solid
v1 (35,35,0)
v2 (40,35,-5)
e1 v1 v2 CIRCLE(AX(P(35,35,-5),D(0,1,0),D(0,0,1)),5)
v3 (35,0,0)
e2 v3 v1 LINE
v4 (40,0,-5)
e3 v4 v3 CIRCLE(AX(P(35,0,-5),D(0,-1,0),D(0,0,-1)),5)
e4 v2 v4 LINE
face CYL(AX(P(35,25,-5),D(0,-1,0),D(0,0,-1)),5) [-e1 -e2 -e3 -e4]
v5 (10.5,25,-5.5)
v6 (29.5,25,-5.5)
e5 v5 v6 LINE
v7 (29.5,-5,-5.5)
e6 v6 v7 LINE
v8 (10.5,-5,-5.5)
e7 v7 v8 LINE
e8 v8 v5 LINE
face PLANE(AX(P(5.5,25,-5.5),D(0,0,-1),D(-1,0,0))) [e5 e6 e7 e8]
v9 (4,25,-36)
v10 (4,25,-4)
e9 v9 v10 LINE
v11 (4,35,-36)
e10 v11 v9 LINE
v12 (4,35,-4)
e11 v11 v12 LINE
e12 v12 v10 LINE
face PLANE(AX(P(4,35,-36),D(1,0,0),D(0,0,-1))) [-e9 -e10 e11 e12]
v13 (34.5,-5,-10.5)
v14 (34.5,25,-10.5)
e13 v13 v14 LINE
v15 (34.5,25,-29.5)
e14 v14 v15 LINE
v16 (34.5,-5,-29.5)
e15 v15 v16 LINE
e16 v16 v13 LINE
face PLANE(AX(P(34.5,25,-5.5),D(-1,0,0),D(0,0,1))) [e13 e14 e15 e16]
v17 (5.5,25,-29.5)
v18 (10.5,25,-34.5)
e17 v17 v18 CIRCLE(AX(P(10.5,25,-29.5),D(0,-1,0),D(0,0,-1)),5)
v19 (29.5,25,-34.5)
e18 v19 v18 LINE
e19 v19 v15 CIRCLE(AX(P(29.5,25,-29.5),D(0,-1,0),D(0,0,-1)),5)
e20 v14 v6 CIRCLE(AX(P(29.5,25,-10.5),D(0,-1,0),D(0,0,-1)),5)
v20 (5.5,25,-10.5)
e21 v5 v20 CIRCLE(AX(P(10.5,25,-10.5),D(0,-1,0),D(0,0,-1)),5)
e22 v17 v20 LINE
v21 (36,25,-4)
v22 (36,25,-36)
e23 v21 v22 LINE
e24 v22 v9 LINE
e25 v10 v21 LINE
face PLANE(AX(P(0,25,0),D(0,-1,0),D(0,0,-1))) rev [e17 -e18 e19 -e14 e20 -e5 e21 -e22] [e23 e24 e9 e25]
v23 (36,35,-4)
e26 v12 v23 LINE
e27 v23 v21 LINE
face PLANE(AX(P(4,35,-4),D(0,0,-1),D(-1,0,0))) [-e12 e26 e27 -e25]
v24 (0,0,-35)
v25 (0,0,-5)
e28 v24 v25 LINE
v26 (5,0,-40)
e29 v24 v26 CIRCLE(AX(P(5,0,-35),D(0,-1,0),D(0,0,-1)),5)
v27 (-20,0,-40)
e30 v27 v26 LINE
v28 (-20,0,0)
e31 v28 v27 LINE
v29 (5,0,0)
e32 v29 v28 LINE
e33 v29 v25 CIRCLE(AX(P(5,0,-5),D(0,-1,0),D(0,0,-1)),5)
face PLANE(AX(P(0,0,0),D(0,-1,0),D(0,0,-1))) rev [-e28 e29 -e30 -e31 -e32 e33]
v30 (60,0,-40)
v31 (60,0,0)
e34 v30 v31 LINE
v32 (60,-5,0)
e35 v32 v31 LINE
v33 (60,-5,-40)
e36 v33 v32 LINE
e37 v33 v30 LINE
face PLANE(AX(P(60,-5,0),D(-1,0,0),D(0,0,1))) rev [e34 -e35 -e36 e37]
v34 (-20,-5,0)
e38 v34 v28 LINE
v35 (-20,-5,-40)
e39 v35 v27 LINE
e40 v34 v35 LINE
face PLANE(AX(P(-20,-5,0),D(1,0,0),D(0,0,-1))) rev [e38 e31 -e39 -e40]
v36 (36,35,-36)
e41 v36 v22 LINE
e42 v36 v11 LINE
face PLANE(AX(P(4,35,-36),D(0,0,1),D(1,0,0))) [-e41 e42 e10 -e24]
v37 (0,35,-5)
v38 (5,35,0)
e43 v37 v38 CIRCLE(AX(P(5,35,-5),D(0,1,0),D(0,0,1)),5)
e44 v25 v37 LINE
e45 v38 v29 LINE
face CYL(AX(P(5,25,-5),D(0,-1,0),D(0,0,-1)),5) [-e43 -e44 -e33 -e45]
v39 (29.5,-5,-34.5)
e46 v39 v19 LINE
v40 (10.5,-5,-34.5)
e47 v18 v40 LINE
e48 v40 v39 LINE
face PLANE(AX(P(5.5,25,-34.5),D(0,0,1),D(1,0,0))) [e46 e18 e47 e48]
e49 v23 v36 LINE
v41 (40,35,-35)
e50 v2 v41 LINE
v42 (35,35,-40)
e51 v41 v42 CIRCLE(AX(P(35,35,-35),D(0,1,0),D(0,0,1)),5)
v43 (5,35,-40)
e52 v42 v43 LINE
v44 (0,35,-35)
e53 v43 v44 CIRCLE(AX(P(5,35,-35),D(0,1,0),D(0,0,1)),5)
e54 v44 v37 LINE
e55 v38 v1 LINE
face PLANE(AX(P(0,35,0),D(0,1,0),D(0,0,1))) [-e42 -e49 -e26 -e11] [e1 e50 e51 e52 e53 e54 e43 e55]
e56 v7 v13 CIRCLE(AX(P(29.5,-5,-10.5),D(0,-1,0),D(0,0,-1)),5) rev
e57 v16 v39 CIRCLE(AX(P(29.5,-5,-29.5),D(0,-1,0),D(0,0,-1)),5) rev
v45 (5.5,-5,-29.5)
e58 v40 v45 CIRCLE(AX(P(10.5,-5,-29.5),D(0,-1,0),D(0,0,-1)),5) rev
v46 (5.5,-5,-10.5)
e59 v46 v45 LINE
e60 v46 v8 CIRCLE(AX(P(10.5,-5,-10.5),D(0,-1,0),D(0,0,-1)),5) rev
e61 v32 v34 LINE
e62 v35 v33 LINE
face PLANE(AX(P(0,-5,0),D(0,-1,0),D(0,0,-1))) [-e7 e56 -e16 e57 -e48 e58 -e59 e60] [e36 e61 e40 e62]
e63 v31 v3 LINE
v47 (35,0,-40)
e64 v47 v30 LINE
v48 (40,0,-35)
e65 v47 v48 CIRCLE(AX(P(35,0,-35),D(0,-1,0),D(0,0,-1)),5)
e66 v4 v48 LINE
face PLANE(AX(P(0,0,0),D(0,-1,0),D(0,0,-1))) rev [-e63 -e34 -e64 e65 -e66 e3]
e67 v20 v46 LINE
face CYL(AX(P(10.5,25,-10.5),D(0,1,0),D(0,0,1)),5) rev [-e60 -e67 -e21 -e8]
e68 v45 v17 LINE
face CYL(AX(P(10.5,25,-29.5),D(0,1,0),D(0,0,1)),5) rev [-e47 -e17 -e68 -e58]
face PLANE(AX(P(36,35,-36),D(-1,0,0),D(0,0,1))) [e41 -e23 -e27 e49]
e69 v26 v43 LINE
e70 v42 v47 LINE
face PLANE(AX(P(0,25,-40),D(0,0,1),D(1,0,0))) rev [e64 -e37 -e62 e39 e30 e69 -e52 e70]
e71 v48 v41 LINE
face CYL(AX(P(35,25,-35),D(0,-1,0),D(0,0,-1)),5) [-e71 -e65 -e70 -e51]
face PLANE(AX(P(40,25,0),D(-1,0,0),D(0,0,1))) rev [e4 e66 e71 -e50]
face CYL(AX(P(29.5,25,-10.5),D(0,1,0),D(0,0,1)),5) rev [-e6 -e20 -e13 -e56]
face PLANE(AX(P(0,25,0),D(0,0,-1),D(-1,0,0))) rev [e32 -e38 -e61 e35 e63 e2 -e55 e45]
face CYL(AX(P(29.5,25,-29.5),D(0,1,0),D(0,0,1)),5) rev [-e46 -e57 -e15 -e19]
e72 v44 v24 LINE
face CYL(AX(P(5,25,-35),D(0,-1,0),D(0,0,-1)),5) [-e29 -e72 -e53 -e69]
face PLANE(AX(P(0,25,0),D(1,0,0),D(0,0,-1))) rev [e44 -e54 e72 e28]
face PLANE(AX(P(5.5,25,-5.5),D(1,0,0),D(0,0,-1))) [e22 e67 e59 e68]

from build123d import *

# Parameters (mm, degrees)
SKETCH1_W           = 40
SKETCH1_H           = 40
SKETCH1_W_2         = 29
SKETCH1_H_2         = 29
BOSS_EXTRUDE1_DEPTH = 25
SKETCH2_W           = 40
SKETCH2_H           = 40
SKETCH2_W_2         = 32
SKETCH2_H_2         = 32
BOSS_EXTRUDE2_DEPTH = 10
SKETCH4_W           = 80
SKETCH4_H           = 40
SKETCH4_W_2         = 29
SKETCH4_H_2         = 29
BOSS_EXTRUDE3_DEPTH = 5
FILLET6_R           = 5


with BuildPart() as part:
    # Sketch1 → Boss-Extrude1 (new body)
    with BuildSketch(Plane(origin=(0, 0, 0), x_dir=(1, 0, 0), z_dir=(0, 1, 0))):
        with Locations((20, 20)):
            Rectangle(SKETCH1_W, SKETCH1_H)
        with Locations((20, 20)):
            Rectangle(SKETCH1_W_2, SKETCH1_H_2, mode=Mode.SUBTRACT)
    extrude(amount=BOSS_EXTRUDE1_DEPTH)

    # Sketch2 → Boss-Extrude2 (add)
    with BuildSketch(Plane(origin=(0, 25, 0), x_dir=(1, 0, 0), z_dir=(0, 1, 0))):
        with Locations((20, 20)):
            Rectangle(SKETCH2_W, SKETCH2_H)
        with Locations((20, 20)):
            Rectangle(SKETCH2_W_2, SKETCH2_H_2, mode=Mode.SUBTRACT)
    extrude(amount=BOSS_EXTRUDE2_DEPTH)

    # Sketch4 → Boss-Extrude3 (add)
    with BuildSketch(Plane.XZ):
        with Locations((20, -20)):
            Rectangle(SKETCH4_W, SKETCH4_H)
        with Locations((20, -20)):
            Rectangle(SKETCH4_W_2, SKETCH4_H_2, mode=Mode.SUBTRACT)
    extrude(amount=BOSS_EXTRUDE3_DEPTH)

    # Fillet6
    fillet6_edges = [part.edges().sort_by_distance(p)[0] for p in [
        (5.5, 10, -5.5),
        (34.5, 10, -5.5),
        (34.5, 10, -34.5),
        (5.5, 10, -34.5),
        (0, 17.5, -40),
        (40, 17.5, -40),
        (40, 17.5, 0),
        (0, 17.5, 0),
    ]]
    fillet(fillet6_edges, radius=FILLET6_R)


solid = part.part
